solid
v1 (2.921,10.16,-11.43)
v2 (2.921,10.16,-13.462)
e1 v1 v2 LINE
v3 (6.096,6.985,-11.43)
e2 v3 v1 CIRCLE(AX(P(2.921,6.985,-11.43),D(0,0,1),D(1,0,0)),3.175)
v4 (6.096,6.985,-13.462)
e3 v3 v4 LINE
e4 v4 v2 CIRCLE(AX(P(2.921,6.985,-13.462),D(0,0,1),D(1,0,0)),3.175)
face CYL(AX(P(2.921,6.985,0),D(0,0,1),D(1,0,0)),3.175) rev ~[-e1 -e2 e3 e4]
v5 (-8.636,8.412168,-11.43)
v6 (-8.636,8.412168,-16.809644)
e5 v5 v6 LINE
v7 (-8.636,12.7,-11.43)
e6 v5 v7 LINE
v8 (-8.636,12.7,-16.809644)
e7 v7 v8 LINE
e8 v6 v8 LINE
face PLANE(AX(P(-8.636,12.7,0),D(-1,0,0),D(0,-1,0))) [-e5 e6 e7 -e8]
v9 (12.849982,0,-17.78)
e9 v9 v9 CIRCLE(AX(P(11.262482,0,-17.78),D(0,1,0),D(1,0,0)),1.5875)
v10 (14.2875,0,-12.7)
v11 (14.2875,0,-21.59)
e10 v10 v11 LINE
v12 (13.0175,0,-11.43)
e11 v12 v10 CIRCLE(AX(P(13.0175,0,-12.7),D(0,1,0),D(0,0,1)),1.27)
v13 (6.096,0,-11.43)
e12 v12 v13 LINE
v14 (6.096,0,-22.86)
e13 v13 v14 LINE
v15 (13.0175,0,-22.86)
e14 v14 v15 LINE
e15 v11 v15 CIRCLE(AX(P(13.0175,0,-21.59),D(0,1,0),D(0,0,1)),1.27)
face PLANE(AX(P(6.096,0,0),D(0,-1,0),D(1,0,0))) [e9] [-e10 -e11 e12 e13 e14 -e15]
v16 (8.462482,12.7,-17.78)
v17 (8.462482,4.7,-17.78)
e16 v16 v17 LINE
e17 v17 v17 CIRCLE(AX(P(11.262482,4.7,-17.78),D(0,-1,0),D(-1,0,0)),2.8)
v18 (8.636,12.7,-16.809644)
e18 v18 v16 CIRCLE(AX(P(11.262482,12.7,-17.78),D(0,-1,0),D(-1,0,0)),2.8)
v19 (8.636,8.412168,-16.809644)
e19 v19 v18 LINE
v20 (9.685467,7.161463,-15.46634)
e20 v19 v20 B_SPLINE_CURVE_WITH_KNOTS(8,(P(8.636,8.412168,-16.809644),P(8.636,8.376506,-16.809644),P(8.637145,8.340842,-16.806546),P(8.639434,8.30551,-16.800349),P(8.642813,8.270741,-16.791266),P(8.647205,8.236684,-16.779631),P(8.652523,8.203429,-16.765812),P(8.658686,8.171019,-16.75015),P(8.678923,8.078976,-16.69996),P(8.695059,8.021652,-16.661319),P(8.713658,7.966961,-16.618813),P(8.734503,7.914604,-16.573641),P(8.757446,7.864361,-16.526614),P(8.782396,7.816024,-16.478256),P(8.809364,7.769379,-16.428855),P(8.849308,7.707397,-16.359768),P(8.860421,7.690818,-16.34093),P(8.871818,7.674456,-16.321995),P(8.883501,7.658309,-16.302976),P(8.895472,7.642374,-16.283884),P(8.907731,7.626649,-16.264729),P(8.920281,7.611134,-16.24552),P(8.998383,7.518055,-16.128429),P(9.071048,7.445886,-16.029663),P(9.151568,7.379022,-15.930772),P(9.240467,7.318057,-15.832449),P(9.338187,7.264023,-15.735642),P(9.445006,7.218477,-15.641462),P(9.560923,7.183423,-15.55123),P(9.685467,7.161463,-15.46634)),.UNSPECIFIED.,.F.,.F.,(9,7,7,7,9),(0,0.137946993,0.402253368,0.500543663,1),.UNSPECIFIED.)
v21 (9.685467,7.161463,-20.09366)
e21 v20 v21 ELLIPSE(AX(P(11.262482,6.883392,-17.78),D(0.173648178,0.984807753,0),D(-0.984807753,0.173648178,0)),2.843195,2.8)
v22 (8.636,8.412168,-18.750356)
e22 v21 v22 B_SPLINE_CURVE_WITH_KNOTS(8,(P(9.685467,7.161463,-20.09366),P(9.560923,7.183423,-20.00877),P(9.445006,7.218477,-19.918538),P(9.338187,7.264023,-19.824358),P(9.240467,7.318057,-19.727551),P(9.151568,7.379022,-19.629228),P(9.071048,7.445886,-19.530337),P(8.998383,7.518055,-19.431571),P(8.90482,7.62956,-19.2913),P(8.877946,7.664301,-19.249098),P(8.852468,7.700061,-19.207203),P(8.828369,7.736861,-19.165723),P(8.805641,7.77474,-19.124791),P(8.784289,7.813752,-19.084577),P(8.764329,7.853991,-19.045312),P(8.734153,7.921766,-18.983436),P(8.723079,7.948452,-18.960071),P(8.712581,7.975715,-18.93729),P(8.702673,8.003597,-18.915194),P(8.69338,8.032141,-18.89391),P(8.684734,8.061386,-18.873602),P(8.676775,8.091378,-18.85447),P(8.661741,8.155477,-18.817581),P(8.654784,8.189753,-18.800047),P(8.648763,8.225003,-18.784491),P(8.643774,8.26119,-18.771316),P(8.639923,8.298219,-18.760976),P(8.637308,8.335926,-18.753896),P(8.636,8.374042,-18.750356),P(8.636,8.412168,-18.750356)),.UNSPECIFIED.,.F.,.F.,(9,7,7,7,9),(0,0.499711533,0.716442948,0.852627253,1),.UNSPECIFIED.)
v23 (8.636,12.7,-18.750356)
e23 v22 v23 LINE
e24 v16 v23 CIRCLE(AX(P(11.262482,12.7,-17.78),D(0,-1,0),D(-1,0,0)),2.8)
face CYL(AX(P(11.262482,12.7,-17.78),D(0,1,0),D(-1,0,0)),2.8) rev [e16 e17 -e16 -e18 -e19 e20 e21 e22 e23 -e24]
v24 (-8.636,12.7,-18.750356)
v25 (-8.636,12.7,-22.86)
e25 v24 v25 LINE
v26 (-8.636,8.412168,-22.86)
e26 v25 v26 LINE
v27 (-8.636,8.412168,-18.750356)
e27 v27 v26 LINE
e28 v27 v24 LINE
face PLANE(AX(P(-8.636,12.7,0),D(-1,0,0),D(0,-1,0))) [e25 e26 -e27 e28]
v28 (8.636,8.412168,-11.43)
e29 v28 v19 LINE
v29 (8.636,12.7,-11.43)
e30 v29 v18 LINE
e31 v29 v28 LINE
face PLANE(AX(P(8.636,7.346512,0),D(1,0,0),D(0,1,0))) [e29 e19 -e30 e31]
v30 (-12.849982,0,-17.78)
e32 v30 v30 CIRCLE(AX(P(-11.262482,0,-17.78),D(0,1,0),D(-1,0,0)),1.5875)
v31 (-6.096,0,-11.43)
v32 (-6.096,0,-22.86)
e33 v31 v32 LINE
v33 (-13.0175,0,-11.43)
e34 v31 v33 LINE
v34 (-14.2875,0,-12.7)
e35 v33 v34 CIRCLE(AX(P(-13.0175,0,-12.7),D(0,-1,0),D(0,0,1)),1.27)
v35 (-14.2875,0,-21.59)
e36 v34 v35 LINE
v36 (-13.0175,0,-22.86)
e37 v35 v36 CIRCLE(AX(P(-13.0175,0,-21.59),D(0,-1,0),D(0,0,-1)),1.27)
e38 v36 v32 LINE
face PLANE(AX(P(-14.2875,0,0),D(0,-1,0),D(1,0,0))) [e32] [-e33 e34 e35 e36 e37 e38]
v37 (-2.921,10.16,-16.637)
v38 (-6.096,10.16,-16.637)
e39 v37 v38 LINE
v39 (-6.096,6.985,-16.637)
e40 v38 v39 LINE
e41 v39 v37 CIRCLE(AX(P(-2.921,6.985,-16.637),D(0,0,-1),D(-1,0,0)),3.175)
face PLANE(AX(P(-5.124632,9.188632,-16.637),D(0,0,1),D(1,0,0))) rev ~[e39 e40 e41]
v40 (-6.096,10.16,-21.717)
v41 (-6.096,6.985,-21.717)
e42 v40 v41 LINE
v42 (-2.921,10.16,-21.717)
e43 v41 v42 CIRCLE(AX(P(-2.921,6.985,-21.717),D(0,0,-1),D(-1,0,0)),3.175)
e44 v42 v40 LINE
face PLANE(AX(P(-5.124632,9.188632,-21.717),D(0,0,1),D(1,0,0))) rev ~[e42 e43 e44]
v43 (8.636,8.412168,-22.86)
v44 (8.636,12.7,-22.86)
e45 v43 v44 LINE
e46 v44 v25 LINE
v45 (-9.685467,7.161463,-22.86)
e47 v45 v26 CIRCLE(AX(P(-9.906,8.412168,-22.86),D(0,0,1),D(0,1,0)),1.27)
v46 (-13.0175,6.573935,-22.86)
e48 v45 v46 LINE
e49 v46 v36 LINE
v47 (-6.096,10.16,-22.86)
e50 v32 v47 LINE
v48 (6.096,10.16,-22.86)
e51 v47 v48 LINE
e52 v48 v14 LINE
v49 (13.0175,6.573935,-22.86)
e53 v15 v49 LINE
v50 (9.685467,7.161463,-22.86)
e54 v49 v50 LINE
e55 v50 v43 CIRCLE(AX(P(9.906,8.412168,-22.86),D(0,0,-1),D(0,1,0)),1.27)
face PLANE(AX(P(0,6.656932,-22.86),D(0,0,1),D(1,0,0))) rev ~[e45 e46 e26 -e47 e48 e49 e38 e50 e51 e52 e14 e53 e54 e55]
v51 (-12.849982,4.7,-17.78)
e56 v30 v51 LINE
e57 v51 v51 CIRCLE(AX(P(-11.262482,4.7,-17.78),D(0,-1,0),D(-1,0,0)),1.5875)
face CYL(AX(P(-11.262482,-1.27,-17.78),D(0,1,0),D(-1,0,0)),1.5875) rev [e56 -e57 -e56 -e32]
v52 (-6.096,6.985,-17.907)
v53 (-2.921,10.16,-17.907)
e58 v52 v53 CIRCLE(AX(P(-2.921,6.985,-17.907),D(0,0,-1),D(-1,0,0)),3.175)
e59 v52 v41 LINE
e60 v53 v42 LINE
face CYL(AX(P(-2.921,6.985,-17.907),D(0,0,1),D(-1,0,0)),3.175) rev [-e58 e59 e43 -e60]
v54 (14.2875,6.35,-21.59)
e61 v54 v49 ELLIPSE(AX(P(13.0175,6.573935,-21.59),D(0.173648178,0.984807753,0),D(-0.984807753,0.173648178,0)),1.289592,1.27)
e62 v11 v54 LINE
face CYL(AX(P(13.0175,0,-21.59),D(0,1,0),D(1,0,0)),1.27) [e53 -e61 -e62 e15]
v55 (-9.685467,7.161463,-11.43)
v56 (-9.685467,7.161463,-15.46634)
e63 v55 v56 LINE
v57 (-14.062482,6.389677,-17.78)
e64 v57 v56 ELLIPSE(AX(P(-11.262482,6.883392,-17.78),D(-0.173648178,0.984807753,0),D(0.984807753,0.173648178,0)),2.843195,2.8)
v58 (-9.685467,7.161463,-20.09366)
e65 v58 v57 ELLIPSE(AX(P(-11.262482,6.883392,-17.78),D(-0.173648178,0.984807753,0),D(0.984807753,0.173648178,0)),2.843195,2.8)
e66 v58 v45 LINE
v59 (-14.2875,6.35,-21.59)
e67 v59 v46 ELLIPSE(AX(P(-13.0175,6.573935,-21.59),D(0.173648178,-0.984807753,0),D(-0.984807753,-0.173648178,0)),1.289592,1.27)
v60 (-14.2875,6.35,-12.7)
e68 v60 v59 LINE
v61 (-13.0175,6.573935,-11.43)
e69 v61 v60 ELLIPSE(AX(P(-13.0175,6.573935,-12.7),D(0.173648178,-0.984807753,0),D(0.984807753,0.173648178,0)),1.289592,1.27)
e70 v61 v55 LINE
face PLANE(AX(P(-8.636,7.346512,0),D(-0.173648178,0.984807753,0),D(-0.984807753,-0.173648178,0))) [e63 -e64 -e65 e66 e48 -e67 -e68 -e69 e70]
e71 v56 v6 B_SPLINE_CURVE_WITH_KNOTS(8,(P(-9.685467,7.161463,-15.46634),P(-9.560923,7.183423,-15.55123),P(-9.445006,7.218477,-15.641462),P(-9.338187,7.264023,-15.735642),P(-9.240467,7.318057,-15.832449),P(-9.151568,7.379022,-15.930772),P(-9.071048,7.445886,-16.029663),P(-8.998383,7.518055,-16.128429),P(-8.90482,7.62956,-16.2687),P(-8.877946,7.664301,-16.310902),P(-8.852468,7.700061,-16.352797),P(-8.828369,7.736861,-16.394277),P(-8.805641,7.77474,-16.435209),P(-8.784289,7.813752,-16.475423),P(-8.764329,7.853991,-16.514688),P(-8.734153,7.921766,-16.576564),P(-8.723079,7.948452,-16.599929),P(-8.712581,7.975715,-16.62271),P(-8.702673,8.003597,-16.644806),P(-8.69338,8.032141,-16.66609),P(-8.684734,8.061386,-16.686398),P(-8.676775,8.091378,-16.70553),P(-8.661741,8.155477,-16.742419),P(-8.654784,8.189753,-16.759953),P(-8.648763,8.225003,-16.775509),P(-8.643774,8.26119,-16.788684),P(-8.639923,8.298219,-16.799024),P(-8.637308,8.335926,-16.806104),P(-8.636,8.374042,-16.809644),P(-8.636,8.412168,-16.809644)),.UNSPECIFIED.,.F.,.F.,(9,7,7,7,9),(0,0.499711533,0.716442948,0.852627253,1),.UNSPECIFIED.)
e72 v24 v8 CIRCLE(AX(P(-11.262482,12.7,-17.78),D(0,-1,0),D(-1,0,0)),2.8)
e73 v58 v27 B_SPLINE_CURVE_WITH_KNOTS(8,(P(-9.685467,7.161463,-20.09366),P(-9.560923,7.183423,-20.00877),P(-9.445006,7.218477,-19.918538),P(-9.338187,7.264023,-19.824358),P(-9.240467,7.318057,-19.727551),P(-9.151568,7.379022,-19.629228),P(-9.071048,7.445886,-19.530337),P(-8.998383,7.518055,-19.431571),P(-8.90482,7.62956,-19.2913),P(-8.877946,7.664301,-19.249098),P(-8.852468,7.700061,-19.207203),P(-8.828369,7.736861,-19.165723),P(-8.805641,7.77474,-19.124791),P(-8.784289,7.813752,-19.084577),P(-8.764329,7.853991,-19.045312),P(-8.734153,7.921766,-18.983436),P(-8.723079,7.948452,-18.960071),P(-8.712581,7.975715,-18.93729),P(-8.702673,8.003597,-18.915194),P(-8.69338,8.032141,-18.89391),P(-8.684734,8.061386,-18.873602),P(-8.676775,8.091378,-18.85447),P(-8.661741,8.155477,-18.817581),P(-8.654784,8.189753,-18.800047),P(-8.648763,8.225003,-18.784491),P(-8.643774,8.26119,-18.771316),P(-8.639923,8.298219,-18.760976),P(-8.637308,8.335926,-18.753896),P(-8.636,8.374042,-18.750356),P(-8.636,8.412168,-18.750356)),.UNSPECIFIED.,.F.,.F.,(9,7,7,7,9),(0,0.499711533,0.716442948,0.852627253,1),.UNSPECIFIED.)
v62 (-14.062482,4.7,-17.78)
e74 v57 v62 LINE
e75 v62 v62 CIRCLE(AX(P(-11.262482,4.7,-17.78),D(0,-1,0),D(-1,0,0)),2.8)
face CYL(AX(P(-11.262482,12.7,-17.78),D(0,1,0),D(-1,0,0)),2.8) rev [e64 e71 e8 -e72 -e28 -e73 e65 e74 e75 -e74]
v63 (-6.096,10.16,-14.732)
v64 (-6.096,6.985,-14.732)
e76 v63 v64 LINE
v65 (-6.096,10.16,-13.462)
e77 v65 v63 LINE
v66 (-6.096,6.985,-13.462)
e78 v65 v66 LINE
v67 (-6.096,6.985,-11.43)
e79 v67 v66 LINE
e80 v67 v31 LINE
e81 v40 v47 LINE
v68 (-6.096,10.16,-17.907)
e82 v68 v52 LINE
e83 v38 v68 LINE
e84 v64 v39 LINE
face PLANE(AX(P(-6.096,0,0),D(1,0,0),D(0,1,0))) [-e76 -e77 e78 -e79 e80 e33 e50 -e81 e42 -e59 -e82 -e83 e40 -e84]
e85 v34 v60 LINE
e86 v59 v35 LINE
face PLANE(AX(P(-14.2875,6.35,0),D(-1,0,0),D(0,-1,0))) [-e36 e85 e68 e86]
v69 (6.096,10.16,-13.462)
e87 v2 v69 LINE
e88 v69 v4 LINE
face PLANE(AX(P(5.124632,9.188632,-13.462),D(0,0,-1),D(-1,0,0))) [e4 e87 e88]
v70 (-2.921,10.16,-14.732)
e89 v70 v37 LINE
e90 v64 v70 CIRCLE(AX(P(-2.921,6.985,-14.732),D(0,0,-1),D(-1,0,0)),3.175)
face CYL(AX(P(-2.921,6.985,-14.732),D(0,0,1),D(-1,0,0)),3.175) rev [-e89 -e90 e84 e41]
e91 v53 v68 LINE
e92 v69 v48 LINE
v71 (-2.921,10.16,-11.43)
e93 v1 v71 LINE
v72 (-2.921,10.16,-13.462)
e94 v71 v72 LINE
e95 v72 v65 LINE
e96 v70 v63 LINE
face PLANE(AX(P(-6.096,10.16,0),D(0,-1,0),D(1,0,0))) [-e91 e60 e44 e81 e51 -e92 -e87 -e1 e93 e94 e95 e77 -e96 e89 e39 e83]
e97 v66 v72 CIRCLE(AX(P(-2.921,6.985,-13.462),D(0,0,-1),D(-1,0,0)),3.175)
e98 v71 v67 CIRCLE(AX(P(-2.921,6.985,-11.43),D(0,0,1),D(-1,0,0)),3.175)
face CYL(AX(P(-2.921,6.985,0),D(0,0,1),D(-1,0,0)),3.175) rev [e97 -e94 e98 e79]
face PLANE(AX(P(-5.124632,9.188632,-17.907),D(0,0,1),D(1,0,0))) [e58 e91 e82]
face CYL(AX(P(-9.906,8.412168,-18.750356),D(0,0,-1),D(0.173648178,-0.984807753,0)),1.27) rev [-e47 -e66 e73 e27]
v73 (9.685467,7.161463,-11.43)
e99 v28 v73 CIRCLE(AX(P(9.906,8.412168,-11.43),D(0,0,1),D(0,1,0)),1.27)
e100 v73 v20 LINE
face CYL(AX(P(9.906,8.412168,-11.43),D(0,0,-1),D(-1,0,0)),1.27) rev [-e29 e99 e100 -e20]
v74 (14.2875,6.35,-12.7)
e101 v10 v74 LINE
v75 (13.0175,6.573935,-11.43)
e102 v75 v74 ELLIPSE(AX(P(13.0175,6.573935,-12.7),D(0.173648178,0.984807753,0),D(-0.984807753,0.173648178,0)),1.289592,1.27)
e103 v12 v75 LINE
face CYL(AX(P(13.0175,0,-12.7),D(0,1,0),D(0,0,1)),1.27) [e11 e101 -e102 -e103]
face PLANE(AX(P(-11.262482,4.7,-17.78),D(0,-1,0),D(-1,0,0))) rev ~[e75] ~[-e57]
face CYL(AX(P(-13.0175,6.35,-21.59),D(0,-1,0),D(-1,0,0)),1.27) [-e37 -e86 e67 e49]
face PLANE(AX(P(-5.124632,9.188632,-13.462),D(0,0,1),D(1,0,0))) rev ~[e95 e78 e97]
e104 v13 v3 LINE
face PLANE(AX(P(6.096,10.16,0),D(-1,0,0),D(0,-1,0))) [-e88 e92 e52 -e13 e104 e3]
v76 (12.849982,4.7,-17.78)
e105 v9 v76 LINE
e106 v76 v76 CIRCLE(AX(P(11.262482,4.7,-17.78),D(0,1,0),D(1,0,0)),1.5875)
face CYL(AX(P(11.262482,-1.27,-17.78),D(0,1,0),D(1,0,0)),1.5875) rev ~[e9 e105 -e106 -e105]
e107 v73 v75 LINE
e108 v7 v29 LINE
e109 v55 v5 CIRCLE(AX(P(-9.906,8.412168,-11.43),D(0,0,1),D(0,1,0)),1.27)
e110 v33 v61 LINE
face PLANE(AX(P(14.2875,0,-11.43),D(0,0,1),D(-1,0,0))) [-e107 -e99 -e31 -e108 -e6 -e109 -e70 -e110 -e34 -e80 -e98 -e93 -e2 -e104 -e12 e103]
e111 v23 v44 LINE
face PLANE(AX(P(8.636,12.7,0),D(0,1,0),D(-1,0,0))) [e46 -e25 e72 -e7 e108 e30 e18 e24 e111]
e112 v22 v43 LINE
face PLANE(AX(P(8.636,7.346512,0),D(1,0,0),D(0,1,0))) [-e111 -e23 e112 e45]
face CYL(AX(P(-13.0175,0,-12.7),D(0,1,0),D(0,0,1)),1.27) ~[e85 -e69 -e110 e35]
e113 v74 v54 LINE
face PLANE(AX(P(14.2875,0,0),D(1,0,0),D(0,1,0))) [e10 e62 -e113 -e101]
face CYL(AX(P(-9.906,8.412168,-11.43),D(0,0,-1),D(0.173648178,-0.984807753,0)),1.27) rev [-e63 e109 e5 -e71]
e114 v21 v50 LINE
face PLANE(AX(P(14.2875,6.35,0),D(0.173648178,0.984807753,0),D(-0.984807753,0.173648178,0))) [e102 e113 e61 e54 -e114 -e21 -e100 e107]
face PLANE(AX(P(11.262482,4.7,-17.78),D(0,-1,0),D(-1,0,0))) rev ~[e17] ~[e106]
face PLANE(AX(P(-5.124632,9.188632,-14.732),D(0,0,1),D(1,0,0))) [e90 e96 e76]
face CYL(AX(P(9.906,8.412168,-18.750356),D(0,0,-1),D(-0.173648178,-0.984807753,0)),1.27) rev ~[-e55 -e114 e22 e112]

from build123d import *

# Parameters (mm, degrees)
BOSS_EXTRUDE1_DEPTH = 22.86
BOSS_EXTRUDE2_DEPTH = 13.462
BOSS_EXTRUDE3_START = -1.27
BOSS_EXTRUDE3_DEPTH = 1.905
BOSS_EXTRUDE4_START = -1.27
BOSS_EXTRUDE4_DEPTH = 3.81
SKETCH8_R           = 2.8
SKETCH8_R_2         = 1.5875
CUT_EXTRUDE1_DEPTH  = 8
SKETCH9_W           = 28.575
SKETCH9_H           = 11.43
CUT_EXTRUDE2_DEPTH  = 13.7
FILLET1_R           = 1.27


with BuildPart() as part:
    # Sketch1 → Boss-Extrude1 (new body)
    with BuildSketch(Plane.XY):
        Polygon((-6.096, 10.16), (6.096, 10.16), (6.096, 0), (14.2875, 0), (14.2875, 6.35), (8.636, 7.346511931), (8.636, 12.7), (-8.636, 12.7), (-8.636, 7.346511931), (-14.2875, 6.35), (-14.2875, 0), (-6.096, 0), align=None)
    extrude(amount=-BOSS_EXTRUDE1_DEPTH)

    # Sketch2 → Boss-Extrude2 (add)
    with BuildSketch(Plane.XY):
        with BuildLine():
            Line((2.921, 10.16), (6.096, 10.16))
            Line((6.096, 10.16), (6.096, 6.985))
            ThreePointArc((6.096, 6.985), (5.16606403, 9.23006403), (2.921, 10.16))
        make_face()
        with BuildLine():
            Line((-6.096, 10.16), (-6.096, 6.985))
            ThreePointArc((-6.096, 6.985), (-5.16606403, 9.23006403), (-2.921, 10.16))
            Line((-2.921, 10.16), (-6.096, 10.16))
        make_face()
    extrude(amount=-BOSS_EXTRUDE2_DEPTH)

    # Sketch3 → Boss-Extrude3 (add)
    with BuildSketch(Plane.XY.offset(-13.462).offset(BOSS_EXTRUDE3_START)):
        with BuildLine():
            Line((-6.096, 10.16), (-6.096, 6.985))
            ThreePointArc((-6.096, 6.985), (-5.16606403, 9.23006403), (-2.921, 10.16))
            Line((-2.921, 10.16), (-6.096, 10.16))
        make_face()
    extrude(amount=-BOSS_EXTRUDE3_DEPTH)

    # Sketch4 → Boss-Extrude4 (add)
    with BuildSketch(Plane.XY.offset(-16.637).offset(BOSS_EXTRUDE4_START)):
        with BuildLine():
            Line((-6.096, 10.16), (-6.096, 6.985))
            ThreePointArc((-6.096, 6.985), (-5.16606403, 9.23006403), (-2.921, 10.16))
            Line((-2.921, 10.16), (-6.096, 10.16))
        make_face()
    extrude(amount=-BOSS_EXTRUDE4_DEPTH)

    # Sketch6 → Cut-Revolve1 (revolve, cut)
    with BuildSketch(Plane.XY.offset(-5.08)):
        Polygon((11.262482277, -1.27), (12.849982277, -1.27), (12.849982277, 6.60347316), (12.849982277, 9.423392242), (11.262482277, 9.423392242), (11.262482277, 6.883392242), align=None)
    cut_revolve1 = revolve(axis=Axis((11.262482277, -1.27, -5.08), (0, -1, 0)), mode=Mode.SUBTRACT)

    # Mirror1: Cut-Revolve1 across plane
    add(cut_revolve1.mirror(Plane(origin=(0, 0, 0), x_dir=(0, 0, 1), z_dir=(1, 0, 0))), mode=Mode.SUBTRACT)

    # Mirror2: Cut-Revolve1 across plane
    add(cut_revolve1.mirror(Plane.XY.offset(-11.43)), mode=Mode.SUBTRACT)

    # Mirror2 copy 1 sketch → Mirror2 copy 1 (revolve, cut)
    with BuildSketch(Plane(origin=(0, 0, -17.78), x_dir=(-1, 0, 0), z_dir=(0, 0, -1))):
        Polygon((11.262482277, -1.27), (12.849982277, -1.27), (12.849982277, 6.60347316), (12.849982277, 9.423392242), (11.262482277, 9.423392242), (11.262482277, 6.883392242), align=None)
    revolve(axis=Axis((-11.262482277, -1.27, -17.78), (0, -1, 0)), mode=Mode.SUBTRACT)

    # Sketch8 → Cut-Extrude1 (cut)
    with BuildSketch(Plane(origin=(0, 12.7, 0), x_dir=(-1, 0, 0), z_dir=(0, -1, 0))):
        with Locations((11.262482277, 17.78)):
            Circle(SKETCH8_R)
        with Locations((11.262482277, 17.78)):
            Circle(SKETCH8_R_2, mode=Mode.SUBTRACT)
        with Locations((11.262482277, 5.08)):
            Circle(SKETCH8_R)
        with Locations((11.262482277, 5.08)):
            Circle(SKETCH8_R_2, mode=Mode.SUBTRACT)
        with Locations((-11.262482277, 5.08)):
            Circle(SKETCH8_R)
        with Locations((-11.262482277, 5.08)):
            Circle(SKETCH8_R_2, mode=Mode.SUBTRACT)
        with Locations((-11.262482277, 17.78)):
            Circle(SKETCH8_R)
        with Locations((-11.262482277, 17.78)):
            Circle(SKETCH8_R_2, mode=Mode.SUBTRACT)
    extrude(amount=CUT_EXTRUDE1_DEPTH, mode=Mode.SUBTRACT)

    # Sketch9 → Cut-Extrude2 (cut, through all)
    with BuildSketch(Plane(origin=(0, 0, 0), x_dir=(-1, 0, 0), z_dir=(0, -1, 0))):
        with Locations((0, 5.715)):
            Rectangle(SKETCH9_W, SKETCH9_H)
    extrude(amount=-CUT_EXTRUDE2_DEPTH, mode=Mode.SUBTRACT)

    # Fillet1
    fillet1_edges = [part.edges().sort_by_distance(p)[0] for p in [
        (-14.2875, 3.175, -22.86),
        (14.2875, 3.175, -22.86),
        (-8.636, 7.346511931, -14.119821979),
        (-8.636, 7.346511931, -20.805178021),
        (8.636, 7.346511931, -20.805178021),
        (8.636, 7.346511931, -14.119821979),
        (14.2875, 3.175, -11.43),
        (-14.2875, 3.175, -11.43),
    ]]
    fillet(fillet1_edges, radius=FILLET1_R)


solid = part.part
